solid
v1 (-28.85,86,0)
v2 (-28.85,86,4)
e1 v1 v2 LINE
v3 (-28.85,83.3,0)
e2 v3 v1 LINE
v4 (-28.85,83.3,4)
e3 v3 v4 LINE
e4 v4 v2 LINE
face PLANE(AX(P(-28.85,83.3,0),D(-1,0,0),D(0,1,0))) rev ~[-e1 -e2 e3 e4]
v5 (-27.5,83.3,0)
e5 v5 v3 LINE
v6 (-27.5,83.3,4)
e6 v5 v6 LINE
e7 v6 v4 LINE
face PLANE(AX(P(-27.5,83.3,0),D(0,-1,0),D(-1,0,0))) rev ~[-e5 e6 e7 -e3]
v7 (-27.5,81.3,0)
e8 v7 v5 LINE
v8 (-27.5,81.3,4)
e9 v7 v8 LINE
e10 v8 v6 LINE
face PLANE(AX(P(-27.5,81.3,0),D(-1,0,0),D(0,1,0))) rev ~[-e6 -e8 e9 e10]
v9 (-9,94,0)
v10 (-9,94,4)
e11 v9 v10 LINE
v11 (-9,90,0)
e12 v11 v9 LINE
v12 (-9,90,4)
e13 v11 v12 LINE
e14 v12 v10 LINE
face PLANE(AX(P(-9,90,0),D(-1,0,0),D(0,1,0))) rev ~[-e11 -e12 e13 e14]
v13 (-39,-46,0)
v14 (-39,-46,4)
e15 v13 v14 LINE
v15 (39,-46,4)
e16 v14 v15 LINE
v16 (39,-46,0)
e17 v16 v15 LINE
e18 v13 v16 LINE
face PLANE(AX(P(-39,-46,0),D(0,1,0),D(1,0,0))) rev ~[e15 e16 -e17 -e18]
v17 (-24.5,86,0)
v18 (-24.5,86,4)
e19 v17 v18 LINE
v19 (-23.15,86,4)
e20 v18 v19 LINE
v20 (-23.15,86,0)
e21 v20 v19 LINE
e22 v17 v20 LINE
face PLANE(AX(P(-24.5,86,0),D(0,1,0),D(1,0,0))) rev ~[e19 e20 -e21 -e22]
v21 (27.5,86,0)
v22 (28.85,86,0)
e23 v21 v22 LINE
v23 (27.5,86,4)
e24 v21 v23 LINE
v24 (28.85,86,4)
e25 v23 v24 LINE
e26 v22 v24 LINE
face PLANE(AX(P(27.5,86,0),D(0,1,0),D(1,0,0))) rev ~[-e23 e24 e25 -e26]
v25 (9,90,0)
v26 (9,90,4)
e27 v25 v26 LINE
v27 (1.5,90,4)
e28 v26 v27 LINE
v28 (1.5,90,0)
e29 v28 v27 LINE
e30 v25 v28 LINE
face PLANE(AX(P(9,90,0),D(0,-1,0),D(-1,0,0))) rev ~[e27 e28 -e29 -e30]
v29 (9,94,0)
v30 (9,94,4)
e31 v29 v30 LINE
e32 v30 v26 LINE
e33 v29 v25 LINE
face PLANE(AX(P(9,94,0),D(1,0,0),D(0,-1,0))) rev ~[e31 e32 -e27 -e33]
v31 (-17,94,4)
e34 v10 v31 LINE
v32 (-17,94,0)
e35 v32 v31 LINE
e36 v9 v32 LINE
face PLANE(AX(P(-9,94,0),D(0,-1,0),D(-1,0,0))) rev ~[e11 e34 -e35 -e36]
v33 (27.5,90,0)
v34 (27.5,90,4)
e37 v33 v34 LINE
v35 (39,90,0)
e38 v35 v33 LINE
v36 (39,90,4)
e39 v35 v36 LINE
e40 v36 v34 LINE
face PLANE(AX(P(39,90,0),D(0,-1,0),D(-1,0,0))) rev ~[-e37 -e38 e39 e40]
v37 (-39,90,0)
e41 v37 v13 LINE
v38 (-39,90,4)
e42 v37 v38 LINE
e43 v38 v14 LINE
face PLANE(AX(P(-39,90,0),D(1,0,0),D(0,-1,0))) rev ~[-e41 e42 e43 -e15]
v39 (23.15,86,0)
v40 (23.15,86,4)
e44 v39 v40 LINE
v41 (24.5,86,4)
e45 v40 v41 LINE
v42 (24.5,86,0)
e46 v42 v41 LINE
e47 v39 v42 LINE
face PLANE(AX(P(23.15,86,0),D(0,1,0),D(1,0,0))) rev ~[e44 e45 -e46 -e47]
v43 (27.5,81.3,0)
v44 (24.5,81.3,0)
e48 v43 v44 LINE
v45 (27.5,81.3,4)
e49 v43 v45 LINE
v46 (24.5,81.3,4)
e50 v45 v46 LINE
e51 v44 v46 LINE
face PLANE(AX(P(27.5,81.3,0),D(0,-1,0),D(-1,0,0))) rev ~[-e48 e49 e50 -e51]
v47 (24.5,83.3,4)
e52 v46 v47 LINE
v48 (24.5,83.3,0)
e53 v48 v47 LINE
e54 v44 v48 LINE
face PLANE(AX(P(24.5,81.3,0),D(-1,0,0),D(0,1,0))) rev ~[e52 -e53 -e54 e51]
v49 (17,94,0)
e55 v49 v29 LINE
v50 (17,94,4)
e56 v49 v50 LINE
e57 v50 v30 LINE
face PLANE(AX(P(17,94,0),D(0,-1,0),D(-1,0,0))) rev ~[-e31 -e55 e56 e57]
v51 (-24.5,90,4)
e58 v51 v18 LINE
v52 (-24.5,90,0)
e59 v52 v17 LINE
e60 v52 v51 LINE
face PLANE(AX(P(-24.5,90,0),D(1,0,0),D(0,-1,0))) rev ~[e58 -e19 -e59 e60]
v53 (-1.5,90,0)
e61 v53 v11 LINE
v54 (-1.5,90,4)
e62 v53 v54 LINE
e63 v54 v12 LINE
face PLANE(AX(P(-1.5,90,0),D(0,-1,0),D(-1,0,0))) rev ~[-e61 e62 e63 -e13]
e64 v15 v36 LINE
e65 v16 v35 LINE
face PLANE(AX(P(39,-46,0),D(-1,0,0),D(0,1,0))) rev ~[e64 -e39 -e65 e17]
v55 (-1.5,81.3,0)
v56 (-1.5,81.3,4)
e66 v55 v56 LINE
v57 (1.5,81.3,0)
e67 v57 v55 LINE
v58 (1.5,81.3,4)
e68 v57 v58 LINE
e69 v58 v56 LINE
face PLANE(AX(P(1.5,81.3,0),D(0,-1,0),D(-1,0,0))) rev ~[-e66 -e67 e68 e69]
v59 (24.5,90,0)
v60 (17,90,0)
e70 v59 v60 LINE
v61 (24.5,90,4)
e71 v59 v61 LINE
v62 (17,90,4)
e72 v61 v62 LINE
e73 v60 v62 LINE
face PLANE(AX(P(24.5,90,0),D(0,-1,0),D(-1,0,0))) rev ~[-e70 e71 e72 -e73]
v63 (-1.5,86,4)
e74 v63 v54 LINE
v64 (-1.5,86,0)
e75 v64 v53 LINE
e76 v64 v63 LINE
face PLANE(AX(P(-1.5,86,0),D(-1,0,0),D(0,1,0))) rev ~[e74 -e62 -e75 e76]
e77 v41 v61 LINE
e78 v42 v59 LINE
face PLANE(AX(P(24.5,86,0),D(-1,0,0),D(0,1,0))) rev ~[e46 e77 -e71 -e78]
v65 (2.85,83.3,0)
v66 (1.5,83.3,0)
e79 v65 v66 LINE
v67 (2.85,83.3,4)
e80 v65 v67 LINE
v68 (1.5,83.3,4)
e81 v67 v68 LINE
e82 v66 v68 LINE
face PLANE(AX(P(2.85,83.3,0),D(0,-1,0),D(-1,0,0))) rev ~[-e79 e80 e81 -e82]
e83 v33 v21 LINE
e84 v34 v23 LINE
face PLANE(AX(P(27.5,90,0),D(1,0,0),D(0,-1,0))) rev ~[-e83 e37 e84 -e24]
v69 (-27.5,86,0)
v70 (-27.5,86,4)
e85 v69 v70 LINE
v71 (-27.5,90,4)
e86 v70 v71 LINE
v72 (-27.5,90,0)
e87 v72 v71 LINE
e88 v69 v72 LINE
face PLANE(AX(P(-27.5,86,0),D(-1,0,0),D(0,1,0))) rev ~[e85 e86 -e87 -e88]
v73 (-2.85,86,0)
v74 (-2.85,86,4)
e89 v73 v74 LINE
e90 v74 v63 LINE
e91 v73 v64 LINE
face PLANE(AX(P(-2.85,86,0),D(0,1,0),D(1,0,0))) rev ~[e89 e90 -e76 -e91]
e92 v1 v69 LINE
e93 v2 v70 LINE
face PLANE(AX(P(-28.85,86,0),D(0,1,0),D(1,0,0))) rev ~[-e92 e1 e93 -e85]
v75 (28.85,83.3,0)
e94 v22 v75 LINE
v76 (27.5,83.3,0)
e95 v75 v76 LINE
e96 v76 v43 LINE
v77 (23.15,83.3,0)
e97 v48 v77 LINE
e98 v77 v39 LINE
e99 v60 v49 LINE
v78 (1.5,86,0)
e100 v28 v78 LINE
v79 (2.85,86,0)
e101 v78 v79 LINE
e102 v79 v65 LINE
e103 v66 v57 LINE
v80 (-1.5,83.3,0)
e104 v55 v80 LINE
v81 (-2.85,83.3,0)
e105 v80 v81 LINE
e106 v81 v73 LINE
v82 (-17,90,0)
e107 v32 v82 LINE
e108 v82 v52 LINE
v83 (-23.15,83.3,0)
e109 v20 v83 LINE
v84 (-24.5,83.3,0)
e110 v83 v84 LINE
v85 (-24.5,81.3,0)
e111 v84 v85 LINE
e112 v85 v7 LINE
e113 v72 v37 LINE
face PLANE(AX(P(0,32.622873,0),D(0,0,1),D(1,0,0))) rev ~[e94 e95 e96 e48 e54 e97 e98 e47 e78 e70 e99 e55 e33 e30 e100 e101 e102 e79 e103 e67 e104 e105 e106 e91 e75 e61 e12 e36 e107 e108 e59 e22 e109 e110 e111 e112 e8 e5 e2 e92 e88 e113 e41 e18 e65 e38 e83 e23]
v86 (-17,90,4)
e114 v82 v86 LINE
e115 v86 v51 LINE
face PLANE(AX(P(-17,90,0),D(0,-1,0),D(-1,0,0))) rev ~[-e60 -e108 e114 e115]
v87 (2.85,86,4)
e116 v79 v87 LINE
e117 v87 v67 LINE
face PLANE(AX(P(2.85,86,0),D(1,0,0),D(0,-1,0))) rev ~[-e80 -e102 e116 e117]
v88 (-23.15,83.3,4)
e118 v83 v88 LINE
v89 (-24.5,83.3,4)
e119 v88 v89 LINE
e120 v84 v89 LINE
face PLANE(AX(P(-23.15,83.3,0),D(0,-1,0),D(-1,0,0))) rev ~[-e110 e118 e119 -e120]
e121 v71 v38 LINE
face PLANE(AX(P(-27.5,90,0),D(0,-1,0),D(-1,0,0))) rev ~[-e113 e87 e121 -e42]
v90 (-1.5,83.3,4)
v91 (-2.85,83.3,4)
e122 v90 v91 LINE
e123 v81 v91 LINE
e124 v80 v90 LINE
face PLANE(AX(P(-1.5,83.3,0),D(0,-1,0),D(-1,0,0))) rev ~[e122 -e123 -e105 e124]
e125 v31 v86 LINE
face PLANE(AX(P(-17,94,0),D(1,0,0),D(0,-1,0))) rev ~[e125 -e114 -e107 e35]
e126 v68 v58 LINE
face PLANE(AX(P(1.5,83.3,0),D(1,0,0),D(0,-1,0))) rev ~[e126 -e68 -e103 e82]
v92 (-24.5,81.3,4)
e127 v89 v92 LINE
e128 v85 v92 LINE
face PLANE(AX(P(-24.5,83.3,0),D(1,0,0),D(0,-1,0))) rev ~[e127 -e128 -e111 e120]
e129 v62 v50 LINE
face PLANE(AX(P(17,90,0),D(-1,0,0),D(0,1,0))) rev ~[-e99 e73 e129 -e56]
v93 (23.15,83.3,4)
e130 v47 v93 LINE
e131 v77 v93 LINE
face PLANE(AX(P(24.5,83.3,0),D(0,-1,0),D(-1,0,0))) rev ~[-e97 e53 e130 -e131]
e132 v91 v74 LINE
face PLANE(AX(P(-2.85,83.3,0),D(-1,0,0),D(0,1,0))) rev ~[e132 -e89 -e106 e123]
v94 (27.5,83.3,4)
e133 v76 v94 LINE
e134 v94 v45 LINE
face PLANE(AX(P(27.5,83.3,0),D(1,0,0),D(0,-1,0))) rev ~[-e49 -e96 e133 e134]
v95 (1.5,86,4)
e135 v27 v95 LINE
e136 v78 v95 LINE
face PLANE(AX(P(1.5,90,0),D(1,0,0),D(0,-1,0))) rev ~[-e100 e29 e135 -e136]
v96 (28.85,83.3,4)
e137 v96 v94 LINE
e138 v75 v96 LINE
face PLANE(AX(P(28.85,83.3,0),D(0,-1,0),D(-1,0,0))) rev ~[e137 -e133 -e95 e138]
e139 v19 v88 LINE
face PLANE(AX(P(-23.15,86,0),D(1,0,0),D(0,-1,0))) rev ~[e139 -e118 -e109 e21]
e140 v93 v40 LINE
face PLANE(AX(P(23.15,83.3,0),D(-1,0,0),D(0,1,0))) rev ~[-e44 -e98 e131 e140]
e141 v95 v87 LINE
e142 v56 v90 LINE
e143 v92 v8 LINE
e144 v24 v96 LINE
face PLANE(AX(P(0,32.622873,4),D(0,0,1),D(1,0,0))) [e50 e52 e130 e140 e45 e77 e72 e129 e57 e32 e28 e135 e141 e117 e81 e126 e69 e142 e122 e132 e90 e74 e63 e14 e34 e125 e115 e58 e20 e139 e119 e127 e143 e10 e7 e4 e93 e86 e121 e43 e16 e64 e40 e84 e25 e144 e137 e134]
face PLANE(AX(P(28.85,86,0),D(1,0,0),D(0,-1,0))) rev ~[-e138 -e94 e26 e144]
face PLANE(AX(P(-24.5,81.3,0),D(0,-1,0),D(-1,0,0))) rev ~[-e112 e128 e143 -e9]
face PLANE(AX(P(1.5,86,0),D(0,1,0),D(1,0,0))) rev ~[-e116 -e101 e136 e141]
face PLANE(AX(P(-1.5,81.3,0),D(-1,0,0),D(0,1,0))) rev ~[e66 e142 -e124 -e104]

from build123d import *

# Parameters (mm, degrees)
EXTRUDE_1_DEPTH = 4


with BuildPart() as part:
    # 草图1 → 凸台-拉伸1 (new body)
    with BuildSketch(Plane.XY):
        Polygon((-39, 90), (-39, -46), (39, -46), (39, 90), (27.5, 90), (27.5, 86), (28.85, 86), (28.85, 83.3), (27.5, 83.3), (27.5, 81.3), (24.5, 81.3), (24.5, 83.3), (23.15, 83.3), (23.15, 86), (24.5, 86), (24.5, 90), (17, 90), (17, 94), (9, 94), (9, 90), (1.5, 90), (1.5, 86), (2.85, 86), (2.85, 83.3), (1.5, 83.3), (1.5, 81.3), (-1.5, 81.3), (-1.5, 83.3), (-2.85, 83.3), (-2.85, 86), (-1.5, 86), (-1.5, 90), (-9, 90), (-9, 94), (-17, 94), (-17, 90), (-24.5, 90), (-24.5, 86), (-23.15, 86), (-23.15, 83.3), (-24.5, 83.3), (-24.5, 81.3), (-27.5, 81.3), (-27.5, 83.3), (-28.85, 83.3), (-28.85, 86), (-27.5, 86), (-27.5, 90), align=None)
    extrude(amount=EXTRUDE_1_DEPTH)


solid = part.part
